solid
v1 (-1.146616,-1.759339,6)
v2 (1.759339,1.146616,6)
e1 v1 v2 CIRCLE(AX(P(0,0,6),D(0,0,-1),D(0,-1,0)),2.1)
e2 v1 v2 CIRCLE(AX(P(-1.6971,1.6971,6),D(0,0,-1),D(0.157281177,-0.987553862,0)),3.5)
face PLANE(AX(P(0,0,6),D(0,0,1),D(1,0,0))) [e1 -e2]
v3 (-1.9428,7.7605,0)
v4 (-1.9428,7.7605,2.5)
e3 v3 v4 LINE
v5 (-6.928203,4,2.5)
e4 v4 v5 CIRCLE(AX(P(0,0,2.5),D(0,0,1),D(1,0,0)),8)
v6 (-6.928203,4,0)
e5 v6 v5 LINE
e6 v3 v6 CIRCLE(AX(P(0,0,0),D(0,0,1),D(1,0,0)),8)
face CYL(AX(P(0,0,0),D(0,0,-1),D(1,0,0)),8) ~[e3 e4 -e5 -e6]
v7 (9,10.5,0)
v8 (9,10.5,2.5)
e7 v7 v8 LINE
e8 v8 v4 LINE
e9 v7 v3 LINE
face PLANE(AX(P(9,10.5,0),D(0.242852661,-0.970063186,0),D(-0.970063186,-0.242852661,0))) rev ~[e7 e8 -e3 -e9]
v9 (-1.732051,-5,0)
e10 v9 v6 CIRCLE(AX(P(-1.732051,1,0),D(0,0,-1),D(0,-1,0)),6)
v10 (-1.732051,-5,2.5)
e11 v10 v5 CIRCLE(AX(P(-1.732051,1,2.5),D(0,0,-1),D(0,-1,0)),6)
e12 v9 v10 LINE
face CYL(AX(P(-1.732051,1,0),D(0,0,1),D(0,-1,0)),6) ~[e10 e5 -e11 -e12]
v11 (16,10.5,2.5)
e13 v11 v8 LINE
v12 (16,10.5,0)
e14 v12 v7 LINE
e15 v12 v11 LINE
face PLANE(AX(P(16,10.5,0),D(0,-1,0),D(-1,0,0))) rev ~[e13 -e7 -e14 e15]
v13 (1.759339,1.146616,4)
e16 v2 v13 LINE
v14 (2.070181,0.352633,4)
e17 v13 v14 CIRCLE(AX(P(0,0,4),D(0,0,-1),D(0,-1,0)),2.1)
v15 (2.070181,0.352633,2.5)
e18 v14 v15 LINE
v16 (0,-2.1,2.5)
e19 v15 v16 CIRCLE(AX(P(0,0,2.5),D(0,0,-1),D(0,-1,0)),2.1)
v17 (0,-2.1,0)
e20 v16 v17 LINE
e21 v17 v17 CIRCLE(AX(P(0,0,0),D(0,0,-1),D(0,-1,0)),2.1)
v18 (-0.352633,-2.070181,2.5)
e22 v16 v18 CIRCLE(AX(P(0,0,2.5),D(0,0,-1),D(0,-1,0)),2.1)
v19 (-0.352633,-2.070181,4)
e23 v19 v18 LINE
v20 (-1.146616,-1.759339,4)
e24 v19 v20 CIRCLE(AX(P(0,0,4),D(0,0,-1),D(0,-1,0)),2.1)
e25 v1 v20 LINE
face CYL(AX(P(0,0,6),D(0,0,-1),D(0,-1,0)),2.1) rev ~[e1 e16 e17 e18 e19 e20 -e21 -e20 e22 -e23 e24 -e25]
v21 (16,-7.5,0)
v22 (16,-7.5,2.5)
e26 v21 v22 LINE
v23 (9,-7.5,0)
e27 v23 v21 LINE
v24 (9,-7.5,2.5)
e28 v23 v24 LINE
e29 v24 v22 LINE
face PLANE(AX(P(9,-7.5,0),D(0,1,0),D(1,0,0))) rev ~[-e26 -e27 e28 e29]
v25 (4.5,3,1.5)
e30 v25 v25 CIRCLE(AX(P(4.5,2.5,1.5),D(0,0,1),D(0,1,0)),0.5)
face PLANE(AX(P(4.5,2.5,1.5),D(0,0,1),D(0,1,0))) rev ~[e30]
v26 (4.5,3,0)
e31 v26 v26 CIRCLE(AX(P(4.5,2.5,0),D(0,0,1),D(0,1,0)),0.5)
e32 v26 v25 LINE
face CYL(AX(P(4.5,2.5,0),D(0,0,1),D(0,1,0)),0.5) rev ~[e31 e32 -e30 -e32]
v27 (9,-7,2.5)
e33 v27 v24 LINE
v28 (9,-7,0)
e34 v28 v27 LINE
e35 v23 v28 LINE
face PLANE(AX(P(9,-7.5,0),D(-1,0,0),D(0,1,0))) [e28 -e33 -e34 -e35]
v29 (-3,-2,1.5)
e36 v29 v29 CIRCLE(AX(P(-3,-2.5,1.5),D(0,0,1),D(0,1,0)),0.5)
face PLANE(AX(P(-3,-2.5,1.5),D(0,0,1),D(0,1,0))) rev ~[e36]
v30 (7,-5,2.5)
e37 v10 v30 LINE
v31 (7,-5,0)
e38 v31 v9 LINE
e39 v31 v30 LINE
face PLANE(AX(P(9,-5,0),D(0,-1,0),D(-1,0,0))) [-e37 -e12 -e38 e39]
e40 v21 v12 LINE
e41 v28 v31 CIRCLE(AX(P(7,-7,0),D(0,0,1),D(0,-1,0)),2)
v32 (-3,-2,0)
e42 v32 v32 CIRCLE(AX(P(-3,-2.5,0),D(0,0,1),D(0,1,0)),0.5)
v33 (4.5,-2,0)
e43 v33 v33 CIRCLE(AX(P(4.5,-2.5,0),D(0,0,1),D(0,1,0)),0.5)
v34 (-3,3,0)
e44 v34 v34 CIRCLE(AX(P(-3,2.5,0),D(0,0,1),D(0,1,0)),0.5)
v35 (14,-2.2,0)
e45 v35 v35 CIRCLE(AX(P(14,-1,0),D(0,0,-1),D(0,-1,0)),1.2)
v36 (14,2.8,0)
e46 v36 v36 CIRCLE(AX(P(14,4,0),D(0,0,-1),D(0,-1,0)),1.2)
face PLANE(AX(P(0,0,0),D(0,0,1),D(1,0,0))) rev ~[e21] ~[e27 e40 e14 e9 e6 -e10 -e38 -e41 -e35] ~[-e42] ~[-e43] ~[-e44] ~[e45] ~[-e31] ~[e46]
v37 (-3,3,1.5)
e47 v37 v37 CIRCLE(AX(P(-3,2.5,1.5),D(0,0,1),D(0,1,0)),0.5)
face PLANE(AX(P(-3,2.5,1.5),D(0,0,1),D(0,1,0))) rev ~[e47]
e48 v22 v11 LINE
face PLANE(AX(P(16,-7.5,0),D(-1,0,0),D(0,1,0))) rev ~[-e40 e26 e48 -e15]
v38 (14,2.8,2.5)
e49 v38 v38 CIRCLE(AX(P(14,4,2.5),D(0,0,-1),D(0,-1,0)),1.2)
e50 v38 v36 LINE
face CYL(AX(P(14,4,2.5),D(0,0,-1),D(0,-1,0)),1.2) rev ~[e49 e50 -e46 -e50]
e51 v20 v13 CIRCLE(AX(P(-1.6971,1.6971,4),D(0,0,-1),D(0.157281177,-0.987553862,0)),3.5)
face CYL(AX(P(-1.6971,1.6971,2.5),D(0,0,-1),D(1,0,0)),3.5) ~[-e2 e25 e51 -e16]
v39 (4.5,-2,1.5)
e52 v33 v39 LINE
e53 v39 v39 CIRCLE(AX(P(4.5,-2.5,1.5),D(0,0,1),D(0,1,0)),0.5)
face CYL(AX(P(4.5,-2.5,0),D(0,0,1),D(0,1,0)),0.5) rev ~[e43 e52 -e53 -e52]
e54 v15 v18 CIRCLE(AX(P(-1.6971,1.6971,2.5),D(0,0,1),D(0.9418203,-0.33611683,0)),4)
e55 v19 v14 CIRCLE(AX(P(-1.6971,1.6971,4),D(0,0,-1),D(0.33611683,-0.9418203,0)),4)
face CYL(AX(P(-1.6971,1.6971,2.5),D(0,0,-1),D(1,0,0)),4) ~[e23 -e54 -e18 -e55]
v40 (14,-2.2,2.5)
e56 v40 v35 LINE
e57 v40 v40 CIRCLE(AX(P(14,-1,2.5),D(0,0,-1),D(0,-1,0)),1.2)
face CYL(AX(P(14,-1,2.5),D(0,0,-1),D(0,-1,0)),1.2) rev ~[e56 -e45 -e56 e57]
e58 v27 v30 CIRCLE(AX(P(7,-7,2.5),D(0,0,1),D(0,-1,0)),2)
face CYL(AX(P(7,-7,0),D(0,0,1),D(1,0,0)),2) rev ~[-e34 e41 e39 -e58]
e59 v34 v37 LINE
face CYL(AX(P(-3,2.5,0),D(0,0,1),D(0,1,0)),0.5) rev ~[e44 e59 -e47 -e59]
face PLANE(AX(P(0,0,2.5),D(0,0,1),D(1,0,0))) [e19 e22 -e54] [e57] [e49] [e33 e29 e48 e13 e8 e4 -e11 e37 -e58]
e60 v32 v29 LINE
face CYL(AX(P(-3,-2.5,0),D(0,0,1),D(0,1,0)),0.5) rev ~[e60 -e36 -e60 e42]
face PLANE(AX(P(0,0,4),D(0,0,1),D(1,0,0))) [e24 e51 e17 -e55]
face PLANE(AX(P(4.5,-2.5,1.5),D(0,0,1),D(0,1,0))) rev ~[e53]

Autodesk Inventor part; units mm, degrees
ref_plane "YZ Plane" through (0, 0, 0) normal (1, 0, 0) x (0, 1, 0)
ref_plane "XZ Plane" through (0, 0, 0) normal (0, 1, 0) x (-1, 0, 0)
ref_plane "XY Plane" through (0, 0, 0) normal (0, 0, 1) x (1, 0, 0)
sketch "MCP joint" plane through (0, 0, 0) normal (0, 0, 1) x (1, 0, 0)
  point P0 (0, 0)
  point P1 (0, 0)
sketch "Sketch2" plane through (0, 0, 0) normal (0, 0, 1) x (1, 0, 0)
  line L0 (9, -7.5) -> (16, -7.5)
  line L1 (16, -7.5) -> (16, 10.5)
  line L2 (16, 10.5) -> (9, 10.5)
  circle A0 centre (0, 0) radius 8
  line L3 (9, 10.5) -> (-1.9428, 7.7605)
  line L4 (9, -7.5) -> (0.4552, -7.987)
  point P0 (16, 1.5)
  point P1 (3.5, 1.5)
  point P2 (16, 1.5)
  dimension "d0" = 18
  dimension "d3" = 16
  dimension "d94" = 1.5
  dimension "d95" = 16
  dimension "d96" = 9
  dimension "d97" = 9
extrude "base" add sketch "Sketch2" along normal blind 2.5
sketch "Sketch3" plane through (0, 0, 2.5) normal (0, 0, 1) x (1, 0, 0)
  point P0 (0, 0)
  point P1 (0, 0)
hole "bearing pocket" at (0, 0, 2.5) direction (0, 0, -1) diameter 4 end through all
sketch "Sketch13" plane through (0, 0, 0) normal (0, 0, -1) x (-1, 0, 0)
  line L0 (-9, -7.5) -> (-9, -5)
  arc A0 (-0.4552, -7.987) -> (1.9428, 7.7605) centre (0, 0) ccw projected
  line L1 (-9, -5) -> (6.245, -5)
  line L2 (-0.4552, -7.987) -> (-9, -7.5) projected
  dimension "d76" = 2.5
extrude "bottom cutout" cut sketch "Sketch13" against normal through all
fillet "Fillet2" radius 2 1 edges at (9, -5, 1.25)
fillet "Fillet4" radius 6 1 edges at (-6.245, -5, 1.25)
sketch "Sketch7" plane through (0, 0, 0) normal (0, 0, -1) x (-1, 0, 0)
  line L0 (3, 2.5) -> (-4.5, 2.5) construction
  line L1 (-4.5, 2.5) -> (-4.5, -2.5) construction
  line L2 (-4.5, -2.5) -> (3, -2.5) construction
  line L3 (3, -2.5) -> (3, 2.5) construction
  line L4 (3, 2.5) -> (-4.5, -2.5) construction
  line L5 (-4.5, 2.5) -> (3, -2.5) construction
  point P0 (0, 0)
  point P1 (-0.75, 0)
  point P2 (0, 0)
  point P3 (-0.75, 0)
  dimension "d34" = 3
  dimension "d35" = 4.5
  dimension "d36" = 5
hole "potentiometer pins" at (-3, 2.5, 0) at (-3, -2.5, 0) at (4.5, -2.5, 0) at (4.5, 2.5, 0) direction (0, 0, 1) diameter 1 depth 1.5
sketch "Sketch8" plane through (0, 0, 2.5) normal (0, 0, 1) x (1, 0, 0)
  line L0 (8.1428, 0) -> (0, 0) construction
  line L1 (0, 0) -> (-8.8782, 8.8782) construction
  circle A0 centre (-1.6971, 1.6971) radius 3.5
  dimension "d45" = 2.4
  dimension "d46" = 7
  dimension "d59" = 45
extrude "bearing" add sketch "Sketch8" along normal blind 3.5
sketch "Sketch10" plane through (0, 0, 2.5) normal (0, 0, 1) x (1, 0, 0)
  circle A0 centre (-1.6971, 1.6971) radius 3.5 projected
  circle A1 centre (-1.6971, 1.6971) radius 4
  point P0 (0, 0)
  point P1 (1.0607, -1.0607)
  dimension "d56" = 8
extrude "bearing spacer" add sketch "Sketch10" along normal blind 1.5
sketch "Sketch11" plane through (-1.6971, 1.6971, 6) normal (0, 0, 1) x (1, 0, 0)
  point P0 (1.6971, -1.6971)
  point P1 (1.6971, -1.6971)
hole "Hole4" at (0, 0, 6) direction (0, 0, -1) diameter 4.2 end through all
sketch "Sketch12" plane through (0, 0, 2.5) normal (0, 0, 1) x (1, 0, 0)
  point P0 (0, 0)
  point P1 (14, 4)
  point P2 (14, -1)
  point P3 (0, 0)
  dimension "d88" = 14
  dimension "d89" = 14
  dimension "d90" = 4
  dimension "d91" = 1
hole "mounting" at (14, 4, 2.5) at (14, -1, 2.5) direction (0, 0, -1) diameter 2.4 end through all
equation "\"d45\" = MCP_spring_arm"
equation "\"MCP_spring_arm\" = F4_MCP_spring_arm"
equation "\"F4_MCP_spring_arm\" = 2.4"
properties part number "MCP mount M F4"
